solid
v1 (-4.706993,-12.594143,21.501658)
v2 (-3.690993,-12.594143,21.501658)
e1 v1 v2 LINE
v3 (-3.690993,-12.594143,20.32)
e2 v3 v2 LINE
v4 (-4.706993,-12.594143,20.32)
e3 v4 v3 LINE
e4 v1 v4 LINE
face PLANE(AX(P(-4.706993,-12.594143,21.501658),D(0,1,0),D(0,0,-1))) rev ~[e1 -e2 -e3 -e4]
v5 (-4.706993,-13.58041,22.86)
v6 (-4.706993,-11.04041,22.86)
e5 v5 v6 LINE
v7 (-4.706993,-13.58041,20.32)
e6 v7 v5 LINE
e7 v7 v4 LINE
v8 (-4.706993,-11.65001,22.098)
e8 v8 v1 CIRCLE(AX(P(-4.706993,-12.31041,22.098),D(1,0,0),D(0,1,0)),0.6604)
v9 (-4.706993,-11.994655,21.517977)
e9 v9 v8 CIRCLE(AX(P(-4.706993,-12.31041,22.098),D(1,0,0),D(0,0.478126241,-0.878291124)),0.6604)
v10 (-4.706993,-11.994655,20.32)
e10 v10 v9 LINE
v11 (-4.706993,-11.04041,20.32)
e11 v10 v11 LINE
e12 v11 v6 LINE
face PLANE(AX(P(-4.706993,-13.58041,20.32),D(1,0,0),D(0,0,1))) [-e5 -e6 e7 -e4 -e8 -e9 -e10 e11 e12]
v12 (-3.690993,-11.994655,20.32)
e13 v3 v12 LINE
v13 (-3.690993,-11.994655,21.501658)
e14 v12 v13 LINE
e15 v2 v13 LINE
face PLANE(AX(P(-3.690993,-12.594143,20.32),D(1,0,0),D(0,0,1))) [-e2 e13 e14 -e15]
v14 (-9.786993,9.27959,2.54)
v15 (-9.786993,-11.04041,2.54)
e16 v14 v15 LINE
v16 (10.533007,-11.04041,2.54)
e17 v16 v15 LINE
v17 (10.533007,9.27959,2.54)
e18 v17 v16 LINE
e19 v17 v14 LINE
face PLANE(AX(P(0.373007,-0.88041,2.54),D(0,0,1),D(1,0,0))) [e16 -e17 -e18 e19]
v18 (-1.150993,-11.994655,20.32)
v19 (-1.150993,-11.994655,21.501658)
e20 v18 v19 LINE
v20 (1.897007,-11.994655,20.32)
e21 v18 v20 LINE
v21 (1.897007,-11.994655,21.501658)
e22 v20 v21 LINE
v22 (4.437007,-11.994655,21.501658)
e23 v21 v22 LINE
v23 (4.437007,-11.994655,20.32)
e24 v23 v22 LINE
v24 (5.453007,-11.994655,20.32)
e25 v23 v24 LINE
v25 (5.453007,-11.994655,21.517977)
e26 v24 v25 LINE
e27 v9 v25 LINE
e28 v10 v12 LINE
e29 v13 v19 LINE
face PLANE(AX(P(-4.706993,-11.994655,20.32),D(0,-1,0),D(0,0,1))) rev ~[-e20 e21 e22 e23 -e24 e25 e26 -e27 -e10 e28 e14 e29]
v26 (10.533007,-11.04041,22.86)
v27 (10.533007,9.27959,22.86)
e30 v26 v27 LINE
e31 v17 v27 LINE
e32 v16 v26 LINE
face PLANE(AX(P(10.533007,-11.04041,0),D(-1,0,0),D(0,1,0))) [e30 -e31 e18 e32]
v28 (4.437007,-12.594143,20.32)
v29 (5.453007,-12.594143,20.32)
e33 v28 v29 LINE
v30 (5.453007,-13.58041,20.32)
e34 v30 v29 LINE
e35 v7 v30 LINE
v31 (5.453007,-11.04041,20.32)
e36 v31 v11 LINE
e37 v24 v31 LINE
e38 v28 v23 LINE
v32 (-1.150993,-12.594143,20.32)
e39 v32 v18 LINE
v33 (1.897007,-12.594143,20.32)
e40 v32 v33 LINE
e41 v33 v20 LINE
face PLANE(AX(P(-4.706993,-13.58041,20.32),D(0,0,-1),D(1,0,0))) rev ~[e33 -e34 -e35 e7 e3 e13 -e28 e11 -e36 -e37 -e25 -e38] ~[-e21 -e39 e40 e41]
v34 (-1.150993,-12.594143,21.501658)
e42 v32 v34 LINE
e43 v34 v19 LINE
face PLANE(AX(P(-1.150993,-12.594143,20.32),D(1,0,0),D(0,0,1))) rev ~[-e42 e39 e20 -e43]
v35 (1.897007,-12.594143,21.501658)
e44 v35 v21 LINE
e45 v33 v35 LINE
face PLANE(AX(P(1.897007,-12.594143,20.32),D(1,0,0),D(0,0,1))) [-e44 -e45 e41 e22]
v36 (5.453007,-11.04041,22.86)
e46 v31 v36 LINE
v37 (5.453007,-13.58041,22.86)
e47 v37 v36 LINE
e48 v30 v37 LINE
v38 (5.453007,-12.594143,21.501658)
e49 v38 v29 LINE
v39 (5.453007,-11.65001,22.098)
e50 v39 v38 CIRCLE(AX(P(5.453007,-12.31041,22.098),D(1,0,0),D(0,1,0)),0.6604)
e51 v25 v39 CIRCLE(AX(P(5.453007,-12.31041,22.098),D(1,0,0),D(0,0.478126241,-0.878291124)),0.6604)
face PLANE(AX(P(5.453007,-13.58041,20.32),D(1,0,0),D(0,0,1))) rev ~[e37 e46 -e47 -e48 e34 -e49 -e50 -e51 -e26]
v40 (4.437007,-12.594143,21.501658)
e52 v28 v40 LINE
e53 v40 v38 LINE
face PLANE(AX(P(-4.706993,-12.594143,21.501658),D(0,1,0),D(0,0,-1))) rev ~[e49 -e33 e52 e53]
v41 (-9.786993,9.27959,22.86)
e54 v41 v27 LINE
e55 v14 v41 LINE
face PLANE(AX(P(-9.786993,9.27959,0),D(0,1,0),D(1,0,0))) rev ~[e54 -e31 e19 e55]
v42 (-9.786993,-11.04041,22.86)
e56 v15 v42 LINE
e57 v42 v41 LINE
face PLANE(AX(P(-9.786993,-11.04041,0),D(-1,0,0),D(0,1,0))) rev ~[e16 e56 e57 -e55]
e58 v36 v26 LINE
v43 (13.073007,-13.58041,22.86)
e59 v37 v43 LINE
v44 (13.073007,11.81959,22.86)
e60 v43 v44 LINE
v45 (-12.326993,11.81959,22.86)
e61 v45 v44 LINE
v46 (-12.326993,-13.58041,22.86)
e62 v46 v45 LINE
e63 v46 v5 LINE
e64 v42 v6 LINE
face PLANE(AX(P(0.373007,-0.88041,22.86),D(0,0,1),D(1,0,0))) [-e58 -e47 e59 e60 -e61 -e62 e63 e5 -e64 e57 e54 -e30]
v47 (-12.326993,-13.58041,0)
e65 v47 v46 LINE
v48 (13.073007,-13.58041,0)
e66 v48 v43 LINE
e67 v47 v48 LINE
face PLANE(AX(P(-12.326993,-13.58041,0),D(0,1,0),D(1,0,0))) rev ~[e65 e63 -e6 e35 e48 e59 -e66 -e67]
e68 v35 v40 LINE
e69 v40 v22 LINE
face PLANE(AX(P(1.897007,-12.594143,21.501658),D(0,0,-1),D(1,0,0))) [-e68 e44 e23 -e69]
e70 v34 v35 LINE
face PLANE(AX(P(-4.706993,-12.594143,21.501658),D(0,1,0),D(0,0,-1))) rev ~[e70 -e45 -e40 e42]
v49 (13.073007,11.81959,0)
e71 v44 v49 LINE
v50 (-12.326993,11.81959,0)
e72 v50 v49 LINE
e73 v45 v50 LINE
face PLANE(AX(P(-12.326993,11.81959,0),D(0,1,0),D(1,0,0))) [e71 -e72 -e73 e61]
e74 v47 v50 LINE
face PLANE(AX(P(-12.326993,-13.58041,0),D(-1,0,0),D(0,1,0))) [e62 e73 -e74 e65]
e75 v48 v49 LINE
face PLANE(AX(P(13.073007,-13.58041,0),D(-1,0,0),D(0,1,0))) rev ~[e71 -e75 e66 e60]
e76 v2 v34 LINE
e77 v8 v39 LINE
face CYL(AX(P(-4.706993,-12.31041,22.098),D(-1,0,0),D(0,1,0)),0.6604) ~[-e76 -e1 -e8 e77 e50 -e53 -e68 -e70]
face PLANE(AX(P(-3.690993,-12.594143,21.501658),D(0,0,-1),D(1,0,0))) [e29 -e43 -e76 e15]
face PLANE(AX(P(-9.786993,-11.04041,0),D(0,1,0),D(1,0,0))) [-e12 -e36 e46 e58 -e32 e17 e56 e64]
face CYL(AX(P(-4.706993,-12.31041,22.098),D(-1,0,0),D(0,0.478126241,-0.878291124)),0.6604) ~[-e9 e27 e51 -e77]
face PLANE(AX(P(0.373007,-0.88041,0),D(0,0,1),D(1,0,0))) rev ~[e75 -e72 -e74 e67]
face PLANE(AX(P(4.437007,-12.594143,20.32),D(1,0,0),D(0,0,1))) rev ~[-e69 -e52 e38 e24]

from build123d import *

# Parameters (mm, degrees)
F0_W     = 25.4
F0_H     = 25.4
F0_W_2   = 20.32
F0_H_2   = 20.32
F1_DEPTH = 2.54
F2_DEPTH = 22.86
F3_W     = 10.16
F3_H     = 2.54
F4_DEPTH = 2.54
F6_DEPTH = 10.16
F7_W     = 2.54
F7_H     = 1.1816583352
F8_DEPTH = 2.54


with BuildPart() as f1:
    # F0 (on Top) → F1 (new body)
    with BuildSketch(Plane.XY):
        with Locations((0.373007264, -0.8804095839)):
            Rectangle(F0_W, F0_H)
        with Locations((0.373007264, -0.8804095839)):
            Rectangle(F0_W_2, F0_H_2, mode=Mode.SUBTRACT)
        with Locations((0.373007264, -0.8804095839)):
            Rectangle(F0_W_2, F0_H_2)
    extrude(amount=F1_DEPTH)

    # F0 (on Top) → F2 (join)
    with BuildSketch(Plane.XY):
        with Locations((0.373007264, -0.8804095839)):
            Rectangle(F0_W, F0_H)
        with Locations((0.373007264, -0.8804095839)):
            Rectangle(F0_W_2, F0_H_2, mode=Mode.SUBTRACT)
    extrude(amount=F2_DEPTH)

    # F3 (on face) → F4 (cut)
    with BuildSketch(Plane.XZ.offset(13.5804095839)):
        with Locations((0.373007264, 21.59)):
            Rectangle(F3_W, F3_H)
    extrude(amount=-F4_DEPTH, mode=Mode.SUBTRACT)

    # F5 (on face) → F6 (join)
    with BuildSketch(Plane.YZ.offset(-4.706992736)):
        with BuildLine():
            ThreePointArc((-11.9946550142, 21.5179765421), (-11.742671758, 21.7606545967), (-11.6500095839, 22.098))
            ThreePointArc((-11.6500095839, 22.098), (-12.6630783121, 22.6563483931), (-12.5941432245, 21.5016583352))
            ThreePointArc((-12.5941432245, 21.5016583352), (-12.29244, 21.4378445228), (-11.9946550142, 21.5179765421))
        make_face()
        with BuildLine():
            ThreePointArc((-11.9946550142, 21.5179765421), (-12.29244, 21.4378445228), (-12.5941432245, 21.5016583352))
            Line((-12.5941432245, 21.5016583352), (-12.5941432245, 21.4954577436))
            Line((-12.5941432245, 21.4954577436), (-12.5941432245, 20.32))
            Line((-12.5941432245, 20.32), (-11.9946550142, 20.32))
            Line((-11.9946550142, 20.32), (-11.9946550142, 21.4800578359))
            Line((-11.9946550142, 21.4800578359), (-11.9946550142, 21.5179765421))
        make_face()
    extrude(amount=F6_DEPTH)

    # F7 (on face) → F8 (cut)
    with BuildSketch(Plane.XZ.offset(12.5941432245)):
        with Locations((-2.420992736, 20.9108291676)):
            Rectangle(F7_W, F7_H)
        with Locations((3.167007264, 20.9108291676)):
            Rectangle(F7_W, F7_H)
    extrude(amount=-F8_DEPTH, mode=Mode.SUBTRACT)


solid = f1.part
